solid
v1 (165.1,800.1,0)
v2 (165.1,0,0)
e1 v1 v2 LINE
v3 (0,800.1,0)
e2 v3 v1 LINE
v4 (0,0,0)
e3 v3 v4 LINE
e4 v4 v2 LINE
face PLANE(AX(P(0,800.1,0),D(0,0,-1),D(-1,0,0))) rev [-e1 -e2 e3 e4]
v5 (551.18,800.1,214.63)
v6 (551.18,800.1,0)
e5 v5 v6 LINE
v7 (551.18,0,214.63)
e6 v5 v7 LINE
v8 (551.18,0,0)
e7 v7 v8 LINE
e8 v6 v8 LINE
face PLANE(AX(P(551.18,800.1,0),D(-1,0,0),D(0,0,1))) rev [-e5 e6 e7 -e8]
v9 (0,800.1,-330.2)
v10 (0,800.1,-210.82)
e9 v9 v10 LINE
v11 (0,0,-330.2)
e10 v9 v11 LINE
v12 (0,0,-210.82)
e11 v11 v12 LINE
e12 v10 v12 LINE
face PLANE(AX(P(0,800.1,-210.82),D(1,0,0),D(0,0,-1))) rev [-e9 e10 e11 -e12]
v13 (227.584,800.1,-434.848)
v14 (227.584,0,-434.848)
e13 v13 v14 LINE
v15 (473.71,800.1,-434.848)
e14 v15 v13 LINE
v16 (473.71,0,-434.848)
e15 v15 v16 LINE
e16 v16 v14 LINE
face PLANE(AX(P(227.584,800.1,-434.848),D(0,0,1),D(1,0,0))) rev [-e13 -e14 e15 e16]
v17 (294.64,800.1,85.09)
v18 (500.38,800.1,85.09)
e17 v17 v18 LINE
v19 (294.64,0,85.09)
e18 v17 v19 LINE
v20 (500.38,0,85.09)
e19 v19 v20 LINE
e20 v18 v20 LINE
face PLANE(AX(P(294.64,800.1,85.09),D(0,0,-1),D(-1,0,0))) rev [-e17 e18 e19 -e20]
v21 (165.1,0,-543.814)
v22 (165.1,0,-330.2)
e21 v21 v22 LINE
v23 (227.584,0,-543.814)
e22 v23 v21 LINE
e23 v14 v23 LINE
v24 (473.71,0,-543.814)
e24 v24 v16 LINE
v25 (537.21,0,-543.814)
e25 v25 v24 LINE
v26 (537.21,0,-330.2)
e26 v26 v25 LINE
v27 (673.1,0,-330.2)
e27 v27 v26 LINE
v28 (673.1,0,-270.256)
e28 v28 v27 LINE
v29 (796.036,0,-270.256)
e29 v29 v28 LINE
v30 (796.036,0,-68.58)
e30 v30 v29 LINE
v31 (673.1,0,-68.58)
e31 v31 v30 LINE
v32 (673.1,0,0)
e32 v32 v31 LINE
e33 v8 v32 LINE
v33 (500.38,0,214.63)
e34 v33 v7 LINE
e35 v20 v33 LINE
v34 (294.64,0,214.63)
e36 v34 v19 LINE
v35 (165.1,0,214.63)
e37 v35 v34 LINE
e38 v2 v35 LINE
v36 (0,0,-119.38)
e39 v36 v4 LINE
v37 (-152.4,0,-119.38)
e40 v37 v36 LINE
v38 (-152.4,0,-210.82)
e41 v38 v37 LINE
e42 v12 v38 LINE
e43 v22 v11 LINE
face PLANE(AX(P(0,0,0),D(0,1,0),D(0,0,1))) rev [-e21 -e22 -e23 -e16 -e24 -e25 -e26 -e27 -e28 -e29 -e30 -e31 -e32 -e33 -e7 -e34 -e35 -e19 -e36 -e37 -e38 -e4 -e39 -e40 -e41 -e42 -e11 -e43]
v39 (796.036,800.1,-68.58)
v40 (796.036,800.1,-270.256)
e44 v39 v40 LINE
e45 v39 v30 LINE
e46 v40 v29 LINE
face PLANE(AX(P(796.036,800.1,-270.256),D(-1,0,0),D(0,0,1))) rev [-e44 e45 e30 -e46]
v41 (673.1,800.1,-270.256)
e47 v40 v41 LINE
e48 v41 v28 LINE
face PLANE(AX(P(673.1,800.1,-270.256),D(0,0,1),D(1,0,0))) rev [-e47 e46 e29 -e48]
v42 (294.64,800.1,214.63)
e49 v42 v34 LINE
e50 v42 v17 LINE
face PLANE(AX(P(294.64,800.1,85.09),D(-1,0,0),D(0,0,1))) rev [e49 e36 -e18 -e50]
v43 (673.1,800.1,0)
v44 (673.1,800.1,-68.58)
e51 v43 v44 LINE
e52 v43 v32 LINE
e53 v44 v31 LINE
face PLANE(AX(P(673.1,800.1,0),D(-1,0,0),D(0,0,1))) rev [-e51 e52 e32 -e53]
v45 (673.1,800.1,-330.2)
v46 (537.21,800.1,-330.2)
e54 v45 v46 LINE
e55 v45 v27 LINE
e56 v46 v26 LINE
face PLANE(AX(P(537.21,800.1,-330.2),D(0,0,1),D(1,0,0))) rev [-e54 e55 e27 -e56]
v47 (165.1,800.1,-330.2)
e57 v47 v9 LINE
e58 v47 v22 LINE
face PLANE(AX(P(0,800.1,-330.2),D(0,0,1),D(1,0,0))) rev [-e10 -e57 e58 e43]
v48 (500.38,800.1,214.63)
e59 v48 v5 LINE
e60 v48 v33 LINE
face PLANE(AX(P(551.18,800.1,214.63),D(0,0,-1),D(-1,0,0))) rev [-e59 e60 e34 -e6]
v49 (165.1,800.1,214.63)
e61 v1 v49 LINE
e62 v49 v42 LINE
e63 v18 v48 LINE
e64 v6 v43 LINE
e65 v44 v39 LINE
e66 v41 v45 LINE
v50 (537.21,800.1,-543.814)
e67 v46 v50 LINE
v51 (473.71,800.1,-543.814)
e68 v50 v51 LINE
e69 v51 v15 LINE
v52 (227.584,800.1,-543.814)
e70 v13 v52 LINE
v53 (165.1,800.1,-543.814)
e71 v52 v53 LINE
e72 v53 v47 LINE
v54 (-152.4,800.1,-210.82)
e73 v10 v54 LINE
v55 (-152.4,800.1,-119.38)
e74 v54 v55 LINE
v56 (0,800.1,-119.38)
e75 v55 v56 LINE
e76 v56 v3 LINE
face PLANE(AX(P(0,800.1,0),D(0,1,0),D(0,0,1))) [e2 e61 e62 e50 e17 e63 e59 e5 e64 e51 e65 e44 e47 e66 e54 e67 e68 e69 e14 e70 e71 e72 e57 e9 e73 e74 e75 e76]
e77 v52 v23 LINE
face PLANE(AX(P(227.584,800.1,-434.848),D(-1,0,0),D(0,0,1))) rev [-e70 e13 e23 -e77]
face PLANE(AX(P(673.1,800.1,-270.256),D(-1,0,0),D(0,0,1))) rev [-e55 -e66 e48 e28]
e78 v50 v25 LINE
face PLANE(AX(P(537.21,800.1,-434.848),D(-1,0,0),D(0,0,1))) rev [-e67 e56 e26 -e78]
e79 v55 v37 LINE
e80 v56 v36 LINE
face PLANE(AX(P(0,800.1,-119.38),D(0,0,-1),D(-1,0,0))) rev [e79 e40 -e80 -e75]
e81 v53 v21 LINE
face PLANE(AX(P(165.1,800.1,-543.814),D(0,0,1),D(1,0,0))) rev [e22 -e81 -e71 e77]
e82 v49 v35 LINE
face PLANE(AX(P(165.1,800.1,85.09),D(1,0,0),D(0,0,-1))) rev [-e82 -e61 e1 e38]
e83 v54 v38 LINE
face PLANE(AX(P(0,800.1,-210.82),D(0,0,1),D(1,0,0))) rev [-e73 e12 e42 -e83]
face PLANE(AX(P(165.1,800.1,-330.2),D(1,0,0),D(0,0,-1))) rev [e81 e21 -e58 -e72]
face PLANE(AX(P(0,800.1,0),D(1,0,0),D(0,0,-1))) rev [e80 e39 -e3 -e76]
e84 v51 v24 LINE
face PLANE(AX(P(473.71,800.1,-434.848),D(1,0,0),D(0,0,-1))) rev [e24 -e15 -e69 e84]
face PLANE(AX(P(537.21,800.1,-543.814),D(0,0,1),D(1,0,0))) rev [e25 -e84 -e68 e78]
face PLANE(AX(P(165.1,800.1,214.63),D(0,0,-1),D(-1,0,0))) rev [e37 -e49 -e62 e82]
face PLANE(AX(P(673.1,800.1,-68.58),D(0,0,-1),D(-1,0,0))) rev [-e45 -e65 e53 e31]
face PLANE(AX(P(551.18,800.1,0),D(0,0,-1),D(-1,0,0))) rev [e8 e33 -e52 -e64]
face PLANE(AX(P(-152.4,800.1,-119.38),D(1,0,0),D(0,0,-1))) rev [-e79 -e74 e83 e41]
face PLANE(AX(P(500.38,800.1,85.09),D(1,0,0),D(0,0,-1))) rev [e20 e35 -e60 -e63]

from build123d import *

# Parameters (mm, degrees)
BOSS_EXTRUDE1_DEPTH = 800.1


with BuildPart() as part:
    # Sketch1 → Boss-Extrude1 (new body)
    with BuildSketch(Plane(origin=(0, 0, 0), x_dir=(1, 0, 0), z_dir=(0, 1, 0))):
        Polygon((537.21, 330.2), (673.1, 330.2), (673.1, 270.256), (796.036, 270.256), (796.036, 68.58), (673.1, 68.58), (673.1, 0), (551.18, 0), (551.18, -85.09), (551.18, -214.63), (500.38, -214.63), (500.38, -85.09), (294.64, -85.09), (294.64, -214.63), (165.1, -214.63), (165.1, -85.09), (165.1, 0), (0, 0), (0, 119.38), (-152.4, 119.38), (-152.4, 210.82), (0, 210.82), (0, 330.2), (165.1, 330.2), (165.1, 434.848), (165.1, 543.814), (227.584, 543.814), (227.584, 434.848), (473.71, 434.848), (473.71, 543.814), (537.21, 543.814), (537.21, 434.848), align=None)
    extrude(amount=BOSS_EXTRUDE1_DEPTH)


solid = part.part
